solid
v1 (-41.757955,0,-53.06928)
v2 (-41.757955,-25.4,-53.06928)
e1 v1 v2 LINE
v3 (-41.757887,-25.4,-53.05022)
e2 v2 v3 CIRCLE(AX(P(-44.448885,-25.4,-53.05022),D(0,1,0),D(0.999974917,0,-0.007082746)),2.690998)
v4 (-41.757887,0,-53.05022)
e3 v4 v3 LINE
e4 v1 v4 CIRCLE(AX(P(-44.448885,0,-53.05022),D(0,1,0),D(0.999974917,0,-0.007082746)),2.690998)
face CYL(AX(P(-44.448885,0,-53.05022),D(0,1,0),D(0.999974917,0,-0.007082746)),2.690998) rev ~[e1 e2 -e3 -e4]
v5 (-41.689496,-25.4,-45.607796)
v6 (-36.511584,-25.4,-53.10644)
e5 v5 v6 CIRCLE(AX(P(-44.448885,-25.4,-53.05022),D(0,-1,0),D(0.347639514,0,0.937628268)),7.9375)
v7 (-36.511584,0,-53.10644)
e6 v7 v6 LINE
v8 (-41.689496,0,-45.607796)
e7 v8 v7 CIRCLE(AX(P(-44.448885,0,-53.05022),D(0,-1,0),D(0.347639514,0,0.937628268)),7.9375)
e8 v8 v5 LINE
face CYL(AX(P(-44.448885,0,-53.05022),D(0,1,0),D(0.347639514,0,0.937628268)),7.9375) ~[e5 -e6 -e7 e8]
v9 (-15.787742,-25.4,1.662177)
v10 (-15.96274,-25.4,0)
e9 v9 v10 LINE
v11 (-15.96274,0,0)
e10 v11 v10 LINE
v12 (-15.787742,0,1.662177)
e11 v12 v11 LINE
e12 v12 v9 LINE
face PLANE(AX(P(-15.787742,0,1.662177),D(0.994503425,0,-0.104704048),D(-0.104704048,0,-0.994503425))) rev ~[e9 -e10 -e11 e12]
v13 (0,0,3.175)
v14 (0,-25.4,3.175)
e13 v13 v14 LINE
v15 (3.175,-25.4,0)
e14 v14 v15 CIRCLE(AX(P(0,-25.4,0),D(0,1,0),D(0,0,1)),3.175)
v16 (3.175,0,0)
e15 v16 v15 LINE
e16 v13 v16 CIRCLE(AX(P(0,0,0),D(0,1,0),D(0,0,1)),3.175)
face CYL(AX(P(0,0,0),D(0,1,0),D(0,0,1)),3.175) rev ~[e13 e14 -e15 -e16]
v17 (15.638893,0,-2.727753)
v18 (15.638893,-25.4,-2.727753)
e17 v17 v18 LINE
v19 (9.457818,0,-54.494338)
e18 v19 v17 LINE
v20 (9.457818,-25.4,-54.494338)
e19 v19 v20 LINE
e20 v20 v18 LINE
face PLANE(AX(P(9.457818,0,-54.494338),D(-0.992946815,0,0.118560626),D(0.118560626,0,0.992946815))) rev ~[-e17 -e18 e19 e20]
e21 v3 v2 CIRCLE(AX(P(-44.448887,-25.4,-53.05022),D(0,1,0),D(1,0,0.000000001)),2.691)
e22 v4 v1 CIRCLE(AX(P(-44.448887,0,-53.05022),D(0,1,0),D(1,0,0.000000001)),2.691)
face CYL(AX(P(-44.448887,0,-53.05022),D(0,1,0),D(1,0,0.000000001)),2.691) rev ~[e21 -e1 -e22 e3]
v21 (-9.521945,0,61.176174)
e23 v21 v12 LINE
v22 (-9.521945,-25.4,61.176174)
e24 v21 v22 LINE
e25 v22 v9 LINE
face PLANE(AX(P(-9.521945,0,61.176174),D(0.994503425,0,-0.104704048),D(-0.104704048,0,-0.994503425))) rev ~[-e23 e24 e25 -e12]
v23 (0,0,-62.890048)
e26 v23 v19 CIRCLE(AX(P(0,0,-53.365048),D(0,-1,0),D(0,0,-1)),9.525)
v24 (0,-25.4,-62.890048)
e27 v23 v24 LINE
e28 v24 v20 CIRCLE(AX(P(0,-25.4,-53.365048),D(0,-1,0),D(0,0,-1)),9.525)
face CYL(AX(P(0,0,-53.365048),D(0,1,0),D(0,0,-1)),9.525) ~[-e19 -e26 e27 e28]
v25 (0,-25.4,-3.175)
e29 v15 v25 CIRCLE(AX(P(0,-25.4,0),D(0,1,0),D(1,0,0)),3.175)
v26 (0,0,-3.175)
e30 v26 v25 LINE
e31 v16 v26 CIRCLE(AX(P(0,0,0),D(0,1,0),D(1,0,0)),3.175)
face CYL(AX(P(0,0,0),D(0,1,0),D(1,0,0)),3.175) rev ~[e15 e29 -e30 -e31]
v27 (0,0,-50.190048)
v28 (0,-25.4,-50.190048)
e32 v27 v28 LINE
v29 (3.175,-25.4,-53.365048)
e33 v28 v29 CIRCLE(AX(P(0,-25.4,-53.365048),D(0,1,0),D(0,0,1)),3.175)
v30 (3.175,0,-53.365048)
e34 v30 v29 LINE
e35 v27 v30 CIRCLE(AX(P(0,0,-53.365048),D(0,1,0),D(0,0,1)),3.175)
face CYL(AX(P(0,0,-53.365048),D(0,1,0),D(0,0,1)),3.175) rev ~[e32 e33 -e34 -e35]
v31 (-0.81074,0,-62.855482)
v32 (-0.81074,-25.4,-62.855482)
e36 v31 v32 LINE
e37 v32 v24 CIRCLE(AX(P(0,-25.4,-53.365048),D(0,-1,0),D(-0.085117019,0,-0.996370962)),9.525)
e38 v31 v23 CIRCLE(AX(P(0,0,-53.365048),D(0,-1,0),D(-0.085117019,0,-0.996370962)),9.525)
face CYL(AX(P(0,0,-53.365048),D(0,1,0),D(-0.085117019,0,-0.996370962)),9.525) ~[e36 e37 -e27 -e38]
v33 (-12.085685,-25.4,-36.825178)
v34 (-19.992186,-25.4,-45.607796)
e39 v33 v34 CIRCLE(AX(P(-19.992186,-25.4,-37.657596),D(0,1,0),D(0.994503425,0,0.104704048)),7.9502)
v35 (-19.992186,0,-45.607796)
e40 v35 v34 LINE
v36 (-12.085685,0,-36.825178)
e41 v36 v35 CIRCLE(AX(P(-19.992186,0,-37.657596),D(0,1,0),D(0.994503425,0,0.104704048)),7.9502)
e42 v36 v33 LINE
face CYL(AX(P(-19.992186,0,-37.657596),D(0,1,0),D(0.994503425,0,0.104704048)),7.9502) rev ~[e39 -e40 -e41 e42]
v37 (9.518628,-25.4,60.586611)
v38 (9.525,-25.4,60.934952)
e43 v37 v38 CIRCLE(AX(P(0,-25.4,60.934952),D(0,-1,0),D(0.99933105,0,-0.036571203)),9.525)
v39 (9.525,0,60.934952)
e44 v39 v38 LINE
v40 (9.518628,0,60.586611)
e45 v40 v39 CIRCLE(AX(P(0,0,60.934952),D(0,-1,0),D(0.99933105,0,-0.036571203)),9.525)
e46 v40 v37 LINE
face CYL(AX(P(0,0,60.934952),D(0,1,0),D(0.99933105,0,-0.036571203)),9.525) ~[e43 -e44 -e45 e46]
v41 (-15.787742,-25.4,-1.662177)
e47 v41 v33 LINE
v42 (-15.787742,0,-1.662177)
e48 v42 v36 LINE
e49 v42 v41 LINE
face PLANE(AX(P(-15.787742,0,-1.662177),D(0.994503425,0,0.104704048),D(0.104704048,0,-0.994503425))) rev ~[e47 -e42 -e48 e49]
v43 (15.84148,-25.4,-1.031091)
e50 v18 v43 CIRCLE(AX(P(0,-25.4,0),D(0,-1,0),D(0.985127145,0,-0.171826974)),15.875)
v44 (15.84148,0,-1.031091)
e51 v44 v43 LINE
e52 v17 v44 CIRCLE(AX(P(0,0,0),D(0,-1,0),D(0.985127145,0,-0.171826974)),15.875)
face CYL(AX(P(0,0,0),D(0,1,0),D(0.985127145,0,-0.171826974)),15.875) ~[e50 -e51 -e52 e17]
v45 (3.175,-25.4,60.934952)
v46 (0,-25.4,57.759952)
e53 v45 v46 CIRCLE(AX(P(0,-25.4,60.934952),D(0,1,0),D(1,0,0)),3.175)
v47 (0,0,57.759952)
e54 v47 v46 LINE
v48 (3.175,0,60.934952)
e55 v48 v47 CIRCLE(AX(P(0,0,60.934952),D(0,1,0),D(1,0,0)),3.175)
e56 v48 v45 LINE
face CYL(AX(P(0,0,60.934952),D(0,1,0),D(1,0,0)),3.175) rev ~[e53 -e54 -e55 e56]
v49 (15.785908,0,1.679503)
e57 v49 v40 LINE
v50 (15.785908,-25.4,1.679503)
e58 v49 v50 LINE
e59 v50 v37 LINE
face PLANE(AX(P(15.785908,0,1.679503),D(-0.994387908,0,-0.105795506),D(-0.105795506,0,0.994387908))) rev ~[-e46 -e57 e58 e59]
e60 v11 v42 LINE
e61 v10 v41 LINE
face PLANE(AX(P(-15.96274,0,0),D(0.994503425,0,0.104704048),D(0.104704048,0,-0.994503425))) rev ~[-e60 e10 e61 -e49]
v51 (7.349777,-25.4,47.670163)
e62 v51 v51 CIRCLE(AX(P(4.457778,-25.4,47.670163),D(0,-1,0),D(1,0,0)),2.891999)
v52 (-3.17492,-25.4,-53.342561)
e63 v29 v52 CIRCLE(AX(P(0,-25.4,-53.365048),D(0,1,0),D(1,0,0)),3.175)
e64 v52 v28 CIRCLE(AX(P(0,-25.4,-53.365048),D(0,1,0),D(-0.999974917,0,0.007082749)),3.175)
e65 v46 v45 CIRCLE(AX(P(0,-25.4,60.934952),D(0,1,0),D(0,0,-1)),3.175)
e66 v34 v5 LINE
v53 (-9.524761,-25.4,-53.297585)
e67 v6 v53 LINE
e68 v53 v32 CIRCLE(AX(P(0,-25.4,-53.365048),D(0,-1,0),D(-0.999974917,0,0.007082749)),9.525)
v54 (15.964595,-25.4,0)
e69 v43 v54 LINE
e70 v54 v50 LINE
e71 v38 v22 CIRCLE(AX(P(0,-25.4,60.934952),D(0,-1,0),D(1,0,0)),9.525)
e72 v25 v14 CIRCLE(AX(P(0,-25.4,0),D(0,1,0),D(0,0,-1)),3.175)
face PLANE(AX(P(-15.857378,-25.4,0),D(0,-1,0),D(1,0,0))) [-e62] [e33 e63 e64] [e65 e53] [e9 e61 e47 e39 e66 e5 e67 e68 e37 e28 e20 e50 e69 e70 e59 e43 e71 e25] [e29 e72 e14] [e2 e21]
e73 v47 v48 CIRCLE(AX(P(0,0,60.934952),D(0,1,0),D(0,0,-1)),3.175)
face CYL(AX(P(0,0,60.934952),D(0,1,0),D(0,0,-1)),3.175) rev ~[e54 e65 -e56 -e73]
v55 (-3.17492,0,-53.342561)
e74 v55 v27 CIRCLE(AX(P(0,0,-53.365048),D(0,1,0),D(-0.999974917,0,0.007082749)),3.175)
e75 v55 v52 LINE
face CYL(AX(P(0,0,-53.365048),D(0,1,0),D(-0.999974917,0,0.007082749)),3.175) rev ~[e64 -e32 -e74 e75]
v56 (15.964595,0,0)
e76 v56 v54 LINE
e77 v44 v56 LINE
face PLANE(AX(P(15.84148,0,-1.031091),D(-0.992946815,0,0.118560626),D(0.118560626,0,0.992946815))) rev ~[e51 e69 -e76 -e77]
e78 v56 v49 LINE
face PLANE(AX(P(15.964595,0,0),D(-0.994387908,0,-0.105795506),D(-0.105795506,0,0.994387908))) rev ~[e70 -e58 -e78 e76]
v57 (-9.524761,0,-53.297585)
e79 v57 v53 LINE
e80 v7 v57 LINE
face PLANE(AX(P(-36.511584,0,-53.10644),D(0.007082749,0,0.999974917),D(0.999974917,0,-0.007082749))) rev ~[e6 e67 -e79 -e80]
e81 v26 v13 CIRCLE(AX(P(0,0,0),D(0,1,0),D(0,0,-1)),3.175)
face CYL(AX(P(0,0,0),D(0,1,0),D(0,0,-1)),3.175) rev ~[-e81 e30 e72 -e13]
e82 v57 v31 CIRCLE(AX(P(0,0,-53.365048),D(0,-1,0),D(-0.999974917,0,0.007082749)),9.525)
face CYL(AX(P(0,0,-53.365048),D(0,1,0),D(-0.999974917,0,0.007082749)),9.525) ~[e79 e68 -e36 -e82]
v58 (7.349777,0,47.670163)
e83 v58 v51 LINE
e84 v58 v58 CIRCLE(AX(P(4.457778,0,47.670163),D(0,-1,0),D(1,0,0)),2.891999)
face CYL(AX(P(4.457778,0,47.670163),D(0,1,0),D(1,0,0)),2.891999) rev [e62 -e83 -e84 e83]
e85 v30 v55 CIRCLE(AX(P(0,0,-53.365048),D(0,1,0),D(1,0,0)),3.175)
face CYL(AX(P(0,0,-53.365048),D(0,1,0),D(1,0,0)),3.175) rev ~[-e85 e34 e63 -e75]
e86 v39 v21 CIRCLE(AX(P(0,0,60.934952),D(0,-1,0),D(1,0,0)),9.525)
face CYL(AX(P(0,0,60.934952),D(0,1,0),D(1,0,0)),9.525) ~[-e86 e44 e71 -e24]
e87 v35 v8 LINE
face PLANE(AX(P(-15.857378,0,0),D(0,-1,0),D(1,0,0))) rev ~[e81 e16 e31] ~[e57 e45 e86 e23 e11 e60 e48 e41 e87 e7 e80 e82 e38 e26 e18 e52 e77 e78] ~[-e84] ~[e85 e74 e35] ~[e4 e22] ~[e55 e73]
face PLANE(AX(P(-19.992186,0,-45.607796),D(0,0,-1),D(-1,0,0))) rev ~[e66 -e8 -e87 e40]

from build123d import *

# Parameters (mm, degrees)
F0_R     = 2.8919986146
F1_DEPTH = 25.4


with BuildPart() as f1:
    # F0 (on Front) → F1 (new body)
    with BuildSketch(Plane.XZ):
        with BuildLine():
            ThreePointArc((-15.7877418604, -1.6621768702), (-15.875, -1.428e-07), (-15.7877418904, 1.6621765861))
            Line((-15.7877418904, 1.6621765861), (-15.9627403992, 0))
            Line((-15.9627403992, 0), (-15.7877418604, -1.6621768702))
        make_face()
        with BuildLine():
            ThreePointArc((15.6388934197, -2.7277532162), (15.7630306925, -1.8821499378), (15.8414795915, -1.0310913397))
            Line((15.8414795915, -1.0310913397), (15.6388934197, -2.7277532162))
        make_face()
        with BuildLine():
            ThreePointArc((15.7859080775, 1.6795032503), (15.8527113727, 0.8409323008), (15.875, 0))
            ThreePointArc((15.875, 0), (15.8666176849, -0.515818032), (15.8414795915, -1.0310913397))
            Line((15.8414795915, -1.0310913397), (15.9645947804, 0))
            Line((15.9645947804, 0), (15.7859080775, 1.6795032503))
        make_face()
        with BuildLine():
            ThreePointArc((0, -62.890048396), (6.3233352792, -60.4883240433), (9.4578184155, -54.4943383586))
            ThreePointArc((9.4578184155, -54.4943383586), (9.5081897701, -53.9306916548), (9.525, -53.365048396))
            ThreePointArc((9.525, -53.365048396), (6.7351920908, -46.6298563052), (0, -43.840048396))
            Line((0, -43.840048396), (0, -50.190048396))
            ThreePointArc((0, -50.190048396), (2.2450640303, -51.1199843657), (3.175, -53.365048396))
            ThreePointArc((3.175, -53.365048396), (-0.0112439351, -56.5400284863), (-3.1749203615, -53.3425606669))
            Line((-3.1749203615, -53.3425606669), (-9.5247610846, -53.2975852086))
            ThreePointArc((-9.5247610846, -53.2975852086), (-7.0387492113, -59.7823402345), (-0.8107396043, -62.8554818052))
            Line((-0.8107396043, -62.8554818052), (0, -62.890048396))
        make_face()
        with BuildLine():
            ThreePointArc((-41.6894964213, -45.607795813), (-50.980516261, -57.5603975821), (-36.5115841576, -53.1064395112))
            ThreePointArc((-36.5115841576, -53.1064395112), (-36.5114348356, -53.078330026), (-36.5113850614, -53.0502201884))
            ThreePointArc((-36.5113850614, -53.0502201884), (-37.9332671482, -48.5169399787), (-41.6894964213, -45.607795813))
        make_face()
        with BuildLine():
            ThreePointArc((-41.7578870296, -53.0502201884), (-41.7579039042, -53.0597500804), (-41.7579545278, -53.0692798529))
            ThreePointArc((-41.7579545278, -53.0692798529), (-47.1398662186, -53.0406902964), (-41.7578870296, -53.0502201884))
        make_face(mode=Mode.SUBTRACT)
        with BuildLine():
            ThreePointArc((-15.7877418904, 1.6621765861), (-10.6214069618, 11.7983617147), (0, 15.875))
            Line((0, 15.875), (0, 51.409951604))
            ThreePointArc((0, 51.409951604), (-6.8199440232, 54.2855915957), (-9.5219449967, 61.1761744869))
            Line((-9.5219449967, 61.1761744869), (-15.7877418904, 1.6621765861))
        make_face()
        with BuildLine():
            Line((9.4578184155, -54.4943383586), (15.6388934197, -2.7277532162))
            ThreePointArc((15.6388934197, -2.7277532162), (10.215491733, -12.1515165166), (0, -15.875))
            Line((0, -15.875), (0, -43.840048396))
            ThreePointArc((0, -43.840048396), (6.7351920908, -46.6298563052), (9.525, -53.365048396))
            ThreePointArc((9.525, -53.365048396), (9.5081897701, -53.9306916548), (9.4578184155, -54.4943383586))
        make_face()
        with BuildLine():
            ThreePointArc((0, 51.409951604), (6.6108879801, 54.077708345), (9.5186282495, 60.5866108977))
            ThreePointArc((9.5186282495, 60.5866108977), (9.5234069292, 60.7607521157), (9.525, 60.934951604))
            ThreePointArc((9.525, 60.934951604), (0.1206211137, 70.4591878226), (-9.5219449967, 61.1761744869))
            ThreePointArc((-9.5219449967, 61.1761744869), (-6.8199440232, 54.2855915957), (0, 51.409951604))
        make_face()
        with BuildLine():
            ThreePointArc((3.175, 60.934951604), (2.2450640303, 58.6898875738), (0, 57.759951604))
            ThreePointArc((0, 57.759951604), (-2.2450640303, 63.1800156343), (3.175, 60.934951604))
        make_face(mode=Mode.SUBTRACT)
        with BuildLine():
            Line((0, -50.190048396), (0, -43.840048396))
            ThreePointArc((0, -43.840048396), (-6.7112978678, -46.6060465518), (-9.5247610846, -53.2975852086))
            Line((-9.5247610846, -53.2975852086), (-3.1749203615, -53.3425606669))
            ThreePointArc((-3.1749203615, -53.3425606669), (-2.2370992893, -51.1120477812), (0, -50.190048396))
        make_face()
        with BuildLine():
            ThreePointArc((0, 15.875), (10.6149307794, 11.8041886443), (15.7859080775, 1.6795032503))
            Line((15.7859080775, 1.6795032503), (9.5186282495, 60.5866108977))
            ThreePointArc((9.5186282495, 60.5866108977), (6.6108879801, 54.077708345), (0, 51.409951604))
            Line((0, 51.409951604), (0, 15.875))
        make_face()
        with Locations((4.4577782974, 47.6701632142)):
            Circle(F0_R, mode=Mode.SUBTRACT)
        with BuildLine():
            Line((0, -43.840048396), (0, -15.875))
            ThreePointArc((0, -15.875), (-10.6214068556, -11.7983618103), (-15.7877418604, -1.6621768702))
            Line((-15.7877418604, -1.6621768702), (-12.0856847125, -36.8251776935))
            ThreePointArc((-12.0856847125, -36.8251776935), (-14.0835662669, -42.9767963876), (-19.9921858423, -45.607795813))
            Line((-19.9921858423, -45.607795813), (-41.6894964213, -45.607795813))
            ThreePointArc((-41.6894964213, -45.607795813), (-37.9332671482, -48.5169399787), (-36.5113850614, -53.0502201884))
            ThreePointArc((-36.5113850614, -53.0502201884), (-36.5114348356, -53.078330026), (-36.5115841576, -53.1064395112))
            Line((-36.5115841576, -53.1064395112), (-9.5247610846, -53.2975852086))
            ThreePointArc((-9.5247610846, -53.2975852086), (-6.7112978678, -46.6060465518), (0, -43.840048396))
        make_face()
        with BuildLine():
            Line((0, 3.175), (0, 15.875))
            ThreePointArc((0, 15.875), (-10.6214069618, 11.7983617147), (-15.7877418904, 1.6621765861))
            ThreePointArc((-15.7877418904, 1.6621765861), (-15.875, -1.428e-07), (-15.7877418604, -1.6621768702))
            ThreePointArc((-15.7877418604, -1.6621768702), (-10.6214068556, -11.7983618103), (0, -15.875))
            Line((0, -15.875), (0, -3.175))
            ThreePointArc((0, -3.175), (-3.175, 0), (0, 3.175))
        make_face()
        with BuildLine():
            ThreePointArc((15.8414795915, -1.0310913397), (15.8666176849, -0.515818032), (15.875, 0))
            ThreePointArc((15.875, 0), (15.8527113727, 0.8409323008), (15.7859080775, 1.6795032503))
            ThreePointArc((15.7859080775, 1.6795032503), (10.6149307794, 11.8041886443), (0, 15.875))
            Line((0, 15.875), (0, 3.175))
            ThreePointArc((0, 3.175), (2.2450640303, 2.2450640303), (3.175, 0))
            ThreePointArc((3.175, 0), (2.2450640303, -2.2450640303), (0, -3.175))
            Line((0, -3.175), (0, -15.875))
            ThreePointArc((0, -15.875), (10.215491733, -12.1515165166), (15.6388934197, -2.7277532162))
            Line((15.6388934197, -2.7277532162), (15.8414795915, -1.0310913397))
        make_face()
        with BuildLine():
            ThreePointArc((-0.8107396043, -62.8554818052), (-0.405738079, -62.8814028246), (0, -62.890048396))
            Line((0, -62.890048396), (-0.8107396043, -62.8554818052))
        make_face()
    extrude(amount=F1_DEPTH)


solid = f1.part
